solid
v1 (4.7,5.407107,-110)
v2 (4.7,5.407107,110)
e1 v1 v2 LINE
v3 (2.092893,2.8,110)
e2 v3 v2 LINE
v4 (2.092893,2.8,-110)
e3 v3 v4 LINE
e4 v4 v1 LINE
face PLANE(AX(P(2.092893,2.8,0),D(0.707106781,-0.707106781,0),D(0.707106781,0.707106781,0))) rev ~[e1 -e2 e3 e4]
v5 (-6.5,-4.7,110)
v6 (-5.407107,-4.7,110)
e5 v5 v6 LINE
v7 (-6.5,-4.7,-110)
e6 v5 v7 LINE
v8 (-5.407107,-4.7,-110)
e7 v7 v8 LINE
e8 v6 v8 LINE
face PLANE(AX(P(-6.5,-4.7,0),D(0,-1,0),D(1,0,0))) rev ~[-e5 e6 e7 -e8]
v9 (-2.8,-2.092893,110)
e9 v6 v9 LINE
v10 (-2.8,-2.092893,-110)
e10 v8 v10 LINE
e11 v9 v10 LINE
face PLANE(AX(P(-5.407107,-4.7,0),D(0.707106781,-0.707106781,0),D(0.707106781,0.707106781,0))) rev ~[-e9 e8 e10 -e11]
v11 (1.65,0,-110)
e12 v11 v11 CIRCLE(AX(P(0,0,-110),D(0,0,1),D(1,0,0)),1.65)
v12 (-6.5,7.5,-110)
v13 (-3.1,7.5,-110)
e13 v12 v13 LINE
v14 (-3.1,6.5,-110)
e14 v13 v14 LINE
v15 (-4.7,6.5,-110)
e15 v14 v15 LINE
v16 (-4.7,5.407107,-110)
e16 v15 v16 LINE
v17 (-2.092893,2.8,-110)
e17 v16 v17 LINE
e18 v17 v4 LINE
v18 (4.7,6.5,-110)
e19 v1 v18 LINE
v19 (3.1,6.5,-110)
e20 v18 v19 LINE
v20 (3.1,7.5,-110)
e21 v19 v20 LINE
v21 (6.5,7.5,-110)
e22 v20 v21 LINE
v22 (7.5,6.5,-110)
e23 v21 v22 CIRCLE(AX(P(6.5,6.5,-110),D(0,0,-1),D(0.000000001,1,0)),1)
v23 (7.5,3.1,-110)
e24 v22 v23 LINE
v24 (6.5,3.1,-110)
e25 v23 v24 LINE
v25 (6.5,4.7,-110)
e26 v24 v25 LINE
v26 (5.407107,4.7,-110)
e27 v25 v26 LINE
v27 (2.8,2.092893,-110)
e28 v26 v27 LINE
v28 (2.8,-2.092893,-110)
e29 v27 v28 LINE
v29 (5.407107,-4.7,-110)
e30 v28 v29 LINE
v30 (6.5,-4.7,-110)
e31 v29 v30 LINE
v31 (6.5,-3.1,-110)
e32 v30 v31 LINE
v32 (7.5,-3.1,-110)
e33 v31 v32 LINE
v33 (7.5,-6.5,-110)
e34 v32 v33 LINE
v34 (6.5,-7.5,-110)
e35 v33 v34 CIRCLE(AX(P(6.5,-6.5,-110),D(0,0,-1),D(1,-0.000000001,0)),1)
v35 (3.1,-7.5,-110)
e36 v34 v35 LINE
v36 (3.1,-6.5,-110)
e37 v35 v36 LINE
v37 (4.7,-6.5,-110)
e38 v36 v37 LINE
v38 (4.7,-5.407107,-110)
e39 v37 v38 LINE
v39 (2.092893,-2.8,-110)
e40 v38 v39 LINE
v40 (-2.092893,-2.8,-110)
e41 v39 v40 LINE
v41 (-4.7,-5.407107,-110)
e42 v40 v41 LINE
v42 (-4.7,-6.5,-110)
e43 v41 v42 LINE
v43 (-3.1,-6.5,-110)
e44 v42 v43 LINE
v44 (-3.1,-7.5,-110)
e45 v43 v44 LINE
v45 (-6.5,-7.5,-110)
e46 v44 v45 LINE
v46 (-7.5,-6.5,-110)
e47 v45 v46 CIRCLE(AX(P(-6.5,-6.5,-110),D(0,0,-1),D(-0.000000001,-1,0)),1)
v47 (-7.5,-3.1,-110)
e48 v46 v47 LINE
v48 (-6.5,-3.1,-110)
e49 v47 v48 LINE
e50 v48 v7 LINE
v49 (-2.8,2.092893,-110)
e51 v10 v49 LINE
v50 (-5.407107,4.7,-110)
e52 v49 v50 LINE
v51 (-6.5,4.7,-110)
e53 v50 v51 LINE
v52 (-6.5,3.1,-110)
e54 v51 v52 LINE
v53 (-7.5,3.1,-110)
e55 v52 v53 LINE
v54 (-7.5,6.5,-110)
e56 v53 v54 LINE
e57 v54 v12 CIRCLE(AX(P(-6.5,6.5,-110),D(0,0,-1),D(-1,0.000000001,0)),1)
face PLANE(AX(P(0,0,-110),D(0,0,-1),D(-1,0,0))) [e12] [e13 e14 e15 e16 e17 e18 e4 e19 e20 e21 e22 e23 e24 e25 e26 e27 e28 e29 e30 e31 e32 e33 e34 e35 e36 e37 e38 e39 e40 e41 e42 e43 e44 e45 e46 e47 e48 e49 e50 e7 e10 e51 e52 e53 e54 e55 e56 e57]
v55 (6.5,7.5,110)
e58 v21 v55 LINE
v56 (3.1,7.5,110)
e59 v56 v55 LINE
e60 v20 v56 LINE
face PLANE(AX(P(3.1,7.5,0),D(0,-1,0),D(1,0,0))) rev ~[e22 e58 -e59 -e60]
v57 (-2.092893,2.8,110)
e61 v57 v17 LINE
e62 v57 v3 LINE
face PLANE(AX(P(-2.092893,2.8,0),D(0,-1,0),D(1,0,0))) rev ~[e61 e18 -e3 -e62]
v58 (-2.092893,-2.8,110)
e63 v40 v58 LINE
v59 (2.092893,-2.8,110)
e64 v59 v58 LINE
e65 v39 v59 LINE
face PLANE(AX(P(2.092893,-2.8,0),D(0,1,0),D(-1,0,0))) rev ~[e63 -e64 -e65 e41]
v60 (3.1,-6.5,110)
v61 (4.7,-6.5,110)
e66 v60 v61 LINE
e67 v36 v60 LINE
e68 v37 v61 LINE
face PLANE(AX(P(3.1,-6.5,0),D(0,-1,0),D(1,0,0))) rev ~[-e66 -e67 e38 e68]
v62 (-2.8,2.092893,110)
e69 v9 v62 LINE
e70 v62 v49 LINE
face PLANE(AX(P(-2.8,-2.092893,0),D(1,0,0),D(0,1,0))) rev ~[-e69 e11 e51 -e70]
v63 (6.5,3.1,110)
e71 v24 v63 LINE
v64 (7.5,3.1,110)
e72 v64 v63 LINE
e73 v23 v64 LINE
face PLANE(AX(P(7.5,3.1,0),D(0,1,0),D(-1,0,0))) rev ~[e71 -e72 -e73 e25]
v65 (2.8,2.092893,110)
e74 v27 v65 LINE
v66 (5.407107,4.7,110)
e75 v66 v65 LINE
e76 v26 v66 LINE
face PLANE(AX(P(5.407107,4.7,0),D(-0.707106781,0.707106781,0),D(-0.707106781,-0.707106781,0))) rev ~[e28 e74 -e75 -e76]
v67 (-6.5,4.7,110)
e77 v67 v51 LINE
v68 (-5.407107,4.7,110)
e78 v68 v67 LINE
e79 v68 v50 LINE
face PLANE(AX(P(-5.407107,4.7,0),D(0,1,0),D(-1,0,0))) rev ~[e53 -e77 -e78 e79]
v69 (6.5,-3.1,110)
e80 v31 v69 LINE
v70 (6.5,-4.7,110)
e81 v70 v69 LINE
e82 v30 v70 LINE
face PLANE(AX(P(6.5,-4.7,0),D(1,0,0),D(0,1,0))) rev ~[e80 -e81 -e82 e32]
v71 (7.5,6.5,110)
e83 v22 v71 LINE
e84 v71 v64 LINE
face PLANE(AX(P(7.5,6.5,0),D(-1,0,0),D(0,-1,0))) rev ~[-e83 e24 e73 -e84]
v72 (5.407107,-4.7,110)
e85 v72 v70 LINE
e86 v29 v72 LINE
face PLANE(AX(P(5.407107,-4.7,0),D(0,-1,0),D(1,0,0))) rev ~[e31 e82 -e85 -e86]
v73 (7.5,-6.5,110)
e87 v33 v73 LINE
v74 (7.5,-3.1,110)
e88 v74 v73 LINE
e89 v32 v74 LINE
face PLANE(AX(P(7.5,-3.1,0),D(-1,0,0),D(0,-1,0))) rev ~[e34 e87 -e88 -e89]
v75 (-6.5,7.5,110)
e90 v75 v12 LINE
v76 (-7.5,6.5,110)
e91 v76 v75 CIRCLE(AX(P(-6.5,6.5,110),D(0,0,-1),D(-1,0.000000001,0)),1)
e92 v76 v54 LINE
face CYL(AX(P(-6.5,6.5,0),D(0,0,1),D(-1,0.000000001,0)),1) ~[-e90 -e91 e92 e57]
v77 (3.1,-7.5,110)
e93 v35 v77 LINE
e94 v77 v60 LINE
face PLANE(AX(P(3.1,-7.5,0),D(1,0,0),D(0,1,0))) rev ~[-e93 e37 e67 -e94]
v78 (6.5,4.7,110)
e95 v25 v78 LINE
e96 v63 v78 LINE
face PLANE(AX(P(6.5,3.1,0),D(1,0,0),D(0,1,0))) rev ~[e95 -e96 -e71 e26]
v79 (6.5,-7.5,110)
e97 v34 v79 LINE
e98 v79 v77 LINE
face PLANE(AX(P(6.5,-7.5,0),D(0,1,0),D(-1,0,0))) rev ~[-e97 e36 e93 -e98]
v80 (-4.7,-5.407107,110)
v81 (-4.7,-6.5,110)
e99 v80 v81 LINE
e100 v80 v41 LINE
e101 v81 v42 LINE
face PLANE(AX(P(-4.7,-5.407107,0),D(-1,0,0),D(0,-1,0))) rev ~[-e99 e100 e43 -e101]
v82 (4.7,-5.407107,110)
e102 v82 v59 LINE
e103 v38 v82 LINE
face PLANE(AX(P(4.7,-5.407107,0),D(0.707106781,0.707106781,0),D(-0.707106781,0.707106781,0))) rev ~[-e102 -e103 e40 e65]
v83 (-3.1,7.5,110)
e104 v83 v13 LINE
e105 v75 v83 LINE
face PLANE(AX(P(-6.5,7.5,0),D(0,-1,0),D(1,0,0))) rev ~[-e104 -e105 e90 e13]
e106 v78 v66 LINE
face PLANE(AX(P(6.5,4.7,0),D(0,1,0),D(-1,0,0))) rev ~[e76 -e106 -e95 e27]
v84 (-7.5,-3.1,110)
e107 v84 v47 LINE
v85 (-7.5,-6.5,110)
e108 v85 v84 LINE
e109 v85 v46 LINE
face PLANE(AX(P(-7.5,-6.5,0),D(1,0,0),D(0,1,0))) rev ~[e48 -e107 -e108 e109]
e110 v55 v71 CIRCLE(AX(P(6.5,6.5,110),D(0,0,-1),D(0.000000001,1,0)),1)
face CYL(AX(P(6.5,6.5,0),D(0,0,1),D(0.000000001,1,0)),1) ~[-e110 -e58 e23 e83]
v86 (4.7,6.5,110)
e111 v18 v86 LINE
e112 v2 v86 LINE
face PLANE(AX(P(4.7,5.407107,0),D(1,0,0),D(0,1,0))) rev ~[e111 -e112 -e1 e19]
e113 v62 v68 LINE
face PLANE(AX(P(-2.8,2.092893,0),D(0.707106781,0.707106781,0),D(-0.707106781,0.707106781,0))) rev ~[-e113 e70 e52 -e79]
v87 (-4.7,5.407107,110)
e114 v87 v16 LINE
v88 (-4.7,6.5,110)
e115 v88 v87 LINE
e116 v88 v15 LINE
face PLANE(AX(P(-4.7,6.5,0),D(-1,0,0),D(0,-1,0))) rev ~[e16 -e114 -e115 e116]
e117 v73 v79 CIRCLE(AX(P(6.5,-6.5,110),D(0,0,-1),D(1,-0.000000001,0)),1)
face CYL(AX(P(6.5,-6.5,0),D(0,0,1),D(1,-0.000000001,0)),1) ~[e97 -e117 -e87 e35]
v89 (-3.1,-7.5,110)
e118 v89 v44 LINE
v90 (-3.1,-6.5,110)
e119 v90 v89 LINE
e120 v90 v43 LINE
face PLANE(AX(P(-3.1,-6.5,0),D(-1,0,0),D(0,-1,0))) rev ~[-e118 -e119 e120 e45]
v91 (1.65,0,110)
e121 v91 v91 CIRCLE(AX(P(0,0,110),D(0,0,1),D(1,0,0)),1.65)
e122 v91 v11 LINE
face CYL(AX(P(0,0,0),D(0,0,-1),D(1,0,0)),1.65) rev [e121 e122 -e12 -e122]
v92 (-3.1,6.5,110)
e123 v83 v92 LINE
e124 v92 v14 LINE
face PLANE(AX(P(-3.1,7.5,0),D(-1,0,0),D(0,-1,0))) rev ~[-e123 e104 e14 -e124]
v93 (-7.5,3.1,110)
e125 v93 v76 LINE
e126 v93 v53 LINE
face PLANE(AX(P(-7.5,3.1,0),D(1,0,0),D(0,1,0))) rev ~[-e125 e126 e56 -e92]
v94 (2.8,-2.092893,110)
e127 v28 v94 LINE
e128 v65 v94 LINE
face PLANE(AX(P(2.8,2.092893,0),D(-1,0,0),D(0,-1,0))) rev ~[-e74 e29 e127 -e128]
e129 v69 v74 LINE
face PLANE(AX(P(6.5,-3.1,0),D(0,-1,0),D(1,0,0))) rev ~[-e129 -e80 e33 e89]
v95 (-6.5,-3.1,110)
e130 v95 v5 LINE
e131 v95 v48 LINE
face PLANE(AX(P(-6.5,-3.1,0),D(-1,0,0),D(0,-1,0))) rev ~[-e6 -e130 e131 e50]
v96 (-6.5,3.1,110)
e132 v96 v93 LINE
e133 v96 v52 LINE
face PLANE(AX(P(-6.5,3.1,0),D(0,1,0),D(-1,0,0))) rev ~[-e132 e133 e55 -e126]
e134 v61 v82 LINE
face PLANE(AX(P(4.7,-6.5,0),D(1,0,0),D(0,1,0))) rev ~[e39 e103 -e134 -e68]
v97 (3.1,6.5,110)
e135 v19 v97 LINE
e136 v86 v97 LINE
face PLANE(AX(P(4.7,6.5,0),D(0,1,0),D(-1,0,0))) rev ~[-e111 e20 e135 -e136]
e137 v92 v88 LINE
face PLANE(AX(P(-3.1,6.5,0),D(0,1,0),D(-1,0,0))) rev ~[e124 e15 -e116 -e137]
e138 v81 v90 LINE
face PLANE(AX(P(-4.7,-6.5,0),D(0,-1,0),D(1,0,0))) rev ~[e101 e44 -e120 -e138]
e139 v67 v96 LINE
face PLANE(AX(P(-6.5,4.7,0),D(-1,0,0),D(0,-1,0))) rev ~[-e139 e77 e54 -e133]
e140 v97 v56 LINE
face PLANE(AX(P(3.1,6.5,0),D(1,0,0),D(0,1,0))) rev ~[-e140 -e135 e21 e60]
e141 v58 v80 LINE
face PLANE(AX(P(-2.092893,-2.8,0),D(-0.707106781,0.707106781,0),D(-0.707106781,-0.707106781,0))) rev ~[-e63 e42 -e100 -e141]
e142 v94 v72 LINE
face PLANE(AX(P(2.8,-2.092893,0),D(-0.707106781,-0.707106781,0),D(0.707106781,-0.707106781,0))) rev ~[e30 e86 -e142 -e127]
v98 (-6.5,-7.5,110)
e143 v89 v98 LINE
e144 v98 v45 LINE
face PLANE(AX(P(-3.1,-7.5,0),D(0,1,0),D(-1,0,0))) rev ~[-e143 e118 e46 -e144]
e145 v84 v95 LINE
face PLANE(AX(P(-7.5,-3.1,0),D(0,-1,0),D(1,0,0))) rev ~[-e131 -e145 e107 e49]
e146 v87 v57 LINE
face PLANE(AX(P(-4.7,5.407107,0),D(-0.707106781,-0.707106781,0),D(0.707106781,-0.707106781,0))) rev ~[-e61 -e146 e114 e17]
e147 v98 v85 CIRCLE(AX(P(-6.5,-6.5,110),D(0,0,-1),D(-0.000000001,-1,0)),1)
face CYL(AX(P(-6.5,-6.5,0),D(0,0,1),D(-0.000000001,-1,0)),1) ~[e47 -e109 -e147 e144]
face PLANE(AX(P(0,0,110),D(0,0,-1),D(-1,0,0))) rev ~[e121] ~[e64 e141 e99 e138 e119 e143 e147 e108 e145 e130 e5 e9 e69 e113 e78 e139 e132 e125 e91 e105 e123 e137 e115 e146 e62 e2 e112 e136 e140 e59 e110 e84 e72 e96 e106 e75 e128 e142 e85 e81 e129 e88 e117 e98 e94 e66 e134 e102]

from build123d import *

# Parameters (mm, degrees)
SKETCH_2_R      = 1.65
EXTRUDE_1_DEPTH = 110


with BuildPart() as part:
    # 草图2 → 凸台-拉伸1 (new, symmetric)
    with BuildSketch(Plane.XY):
        with BuildLine():
            Line((-2.092893219, -2.8), (-4.7, -5.407106781))
            Line((-4.7, -5.407106781), (-4.7, -6.5))
            Line((-4.7, -6.5), (-3.1, -6.5))
            Line((-3.1, -6.5), (-3.1, -7.5))
            Line((-3.1, -7.5), (-6.5, -7.5))
            ThreePointArc((-6.5, -7.5), (-7.207106781, -7.207106781), (-7.5, -6.5))
            Line((-7.5, -6.5), (-7.5, -3.1))
            Line((-7.5, -3.1), (-6.5, -3.1))
            Line((-6.5, -3.1), (-6.5, -4.7))
            Line((-6.5, -4.7), (-5.407106781, -4.7))
            Line((-5.407106781, -4.7), (-2.8, -2.092893219))
            Line((-2.8, -2.092893219), (-2.8, 2.092893219))
            Line((-2.8, 2.092893219), (-5.407106781, 4.7))
            Line((-5.407106781, 4.7), (-6.5, 4.7))
            Line((-6.5, 4.7), (-6.5, 3.1))
            Line((-6.5, 3.1), (-7.5, 3.1))
            Line((-7.5, 3.1), (-7.5, 6.5))
            ThreePointArc((-7.5, 6.5), (-7.207106781, 7.207106781), (-6.5, 7.5))
            Line((-6.5, 7.5), (-3.1, 7.5))
            Line((-3.1, 7.5), (-3.1, 6.5))
            Line((-3.1, 6.5), (-4.7, 6.5))
            Line((-4.7, 6.5), (-4.7, 5.407106781))
            Line((-4.7, 5.407106781), (-2.092893219, 2.8))
            Line((-2.092893219, 2.8), (2.092893219, 2.8))
            Line((2.092893219, 2.8), (4.7, 5.407106781))
            Line((4.7, 5.407106781), (4.7, 6.5))
            Line((4.7, 6.5), (3.1, 6.5))
            Line((3.1, 6.5), (3.1, 7.5))
            Line((3.1, 7.5), (6.5, 7.5))
            ThreePointArc((6.5, 7.5), (7.207106781, 7.207106781), (7.5, 6.5))
            Line((7.5, 6.5), (7.5, 3.1))
            Line((7.5, 3.1), (6.5, 3.1))
            Line((6.5, 3.1), (6.5, 4.7))
            Line((6.5, 4.7), (5.407106781, 4.7))
            Line((5.407106781, 4.7), (2.8, 2.092893219))
            Line((2.8, 2.092893219), (2.8, -2.092893219))
            Line((2.8, -2.092893219), (5.407106781, -4.7))
            Line((5.407106781, -4.7), (6.5, -4.7))
            Line((6.5, -4.7), (6.5, -3.1))
            Line((6.5, -3.1), (7.5, -3.1))
            Line((7.5, -3.1), (7.5, -6.5))
            ThreePointArc((7.5, -6.5), (7.207106781, -7.207106781), (6.5, -7.5))
            Line((6.5, -7.5), (3.1, -7.5))
            Line((3.1, -7.5), (3.1, -6.5))
            Line((3.1, -6.5), (4.7, -6.5))
            Line((4.7, -6.5), (4.7, -5.407106781))
            Line((4.7, -5.407106781), (2.092893219, -2.8))
            Line((2.092893219, -2.8), (-2.092893219, -2.8))
        make_face()
        Circle(SKETCH_2_R, mode=Mode.SUBTRACT)
    extrude(amount=EXTRUDE_1_DEPTH, both=True)


solid = part.part
